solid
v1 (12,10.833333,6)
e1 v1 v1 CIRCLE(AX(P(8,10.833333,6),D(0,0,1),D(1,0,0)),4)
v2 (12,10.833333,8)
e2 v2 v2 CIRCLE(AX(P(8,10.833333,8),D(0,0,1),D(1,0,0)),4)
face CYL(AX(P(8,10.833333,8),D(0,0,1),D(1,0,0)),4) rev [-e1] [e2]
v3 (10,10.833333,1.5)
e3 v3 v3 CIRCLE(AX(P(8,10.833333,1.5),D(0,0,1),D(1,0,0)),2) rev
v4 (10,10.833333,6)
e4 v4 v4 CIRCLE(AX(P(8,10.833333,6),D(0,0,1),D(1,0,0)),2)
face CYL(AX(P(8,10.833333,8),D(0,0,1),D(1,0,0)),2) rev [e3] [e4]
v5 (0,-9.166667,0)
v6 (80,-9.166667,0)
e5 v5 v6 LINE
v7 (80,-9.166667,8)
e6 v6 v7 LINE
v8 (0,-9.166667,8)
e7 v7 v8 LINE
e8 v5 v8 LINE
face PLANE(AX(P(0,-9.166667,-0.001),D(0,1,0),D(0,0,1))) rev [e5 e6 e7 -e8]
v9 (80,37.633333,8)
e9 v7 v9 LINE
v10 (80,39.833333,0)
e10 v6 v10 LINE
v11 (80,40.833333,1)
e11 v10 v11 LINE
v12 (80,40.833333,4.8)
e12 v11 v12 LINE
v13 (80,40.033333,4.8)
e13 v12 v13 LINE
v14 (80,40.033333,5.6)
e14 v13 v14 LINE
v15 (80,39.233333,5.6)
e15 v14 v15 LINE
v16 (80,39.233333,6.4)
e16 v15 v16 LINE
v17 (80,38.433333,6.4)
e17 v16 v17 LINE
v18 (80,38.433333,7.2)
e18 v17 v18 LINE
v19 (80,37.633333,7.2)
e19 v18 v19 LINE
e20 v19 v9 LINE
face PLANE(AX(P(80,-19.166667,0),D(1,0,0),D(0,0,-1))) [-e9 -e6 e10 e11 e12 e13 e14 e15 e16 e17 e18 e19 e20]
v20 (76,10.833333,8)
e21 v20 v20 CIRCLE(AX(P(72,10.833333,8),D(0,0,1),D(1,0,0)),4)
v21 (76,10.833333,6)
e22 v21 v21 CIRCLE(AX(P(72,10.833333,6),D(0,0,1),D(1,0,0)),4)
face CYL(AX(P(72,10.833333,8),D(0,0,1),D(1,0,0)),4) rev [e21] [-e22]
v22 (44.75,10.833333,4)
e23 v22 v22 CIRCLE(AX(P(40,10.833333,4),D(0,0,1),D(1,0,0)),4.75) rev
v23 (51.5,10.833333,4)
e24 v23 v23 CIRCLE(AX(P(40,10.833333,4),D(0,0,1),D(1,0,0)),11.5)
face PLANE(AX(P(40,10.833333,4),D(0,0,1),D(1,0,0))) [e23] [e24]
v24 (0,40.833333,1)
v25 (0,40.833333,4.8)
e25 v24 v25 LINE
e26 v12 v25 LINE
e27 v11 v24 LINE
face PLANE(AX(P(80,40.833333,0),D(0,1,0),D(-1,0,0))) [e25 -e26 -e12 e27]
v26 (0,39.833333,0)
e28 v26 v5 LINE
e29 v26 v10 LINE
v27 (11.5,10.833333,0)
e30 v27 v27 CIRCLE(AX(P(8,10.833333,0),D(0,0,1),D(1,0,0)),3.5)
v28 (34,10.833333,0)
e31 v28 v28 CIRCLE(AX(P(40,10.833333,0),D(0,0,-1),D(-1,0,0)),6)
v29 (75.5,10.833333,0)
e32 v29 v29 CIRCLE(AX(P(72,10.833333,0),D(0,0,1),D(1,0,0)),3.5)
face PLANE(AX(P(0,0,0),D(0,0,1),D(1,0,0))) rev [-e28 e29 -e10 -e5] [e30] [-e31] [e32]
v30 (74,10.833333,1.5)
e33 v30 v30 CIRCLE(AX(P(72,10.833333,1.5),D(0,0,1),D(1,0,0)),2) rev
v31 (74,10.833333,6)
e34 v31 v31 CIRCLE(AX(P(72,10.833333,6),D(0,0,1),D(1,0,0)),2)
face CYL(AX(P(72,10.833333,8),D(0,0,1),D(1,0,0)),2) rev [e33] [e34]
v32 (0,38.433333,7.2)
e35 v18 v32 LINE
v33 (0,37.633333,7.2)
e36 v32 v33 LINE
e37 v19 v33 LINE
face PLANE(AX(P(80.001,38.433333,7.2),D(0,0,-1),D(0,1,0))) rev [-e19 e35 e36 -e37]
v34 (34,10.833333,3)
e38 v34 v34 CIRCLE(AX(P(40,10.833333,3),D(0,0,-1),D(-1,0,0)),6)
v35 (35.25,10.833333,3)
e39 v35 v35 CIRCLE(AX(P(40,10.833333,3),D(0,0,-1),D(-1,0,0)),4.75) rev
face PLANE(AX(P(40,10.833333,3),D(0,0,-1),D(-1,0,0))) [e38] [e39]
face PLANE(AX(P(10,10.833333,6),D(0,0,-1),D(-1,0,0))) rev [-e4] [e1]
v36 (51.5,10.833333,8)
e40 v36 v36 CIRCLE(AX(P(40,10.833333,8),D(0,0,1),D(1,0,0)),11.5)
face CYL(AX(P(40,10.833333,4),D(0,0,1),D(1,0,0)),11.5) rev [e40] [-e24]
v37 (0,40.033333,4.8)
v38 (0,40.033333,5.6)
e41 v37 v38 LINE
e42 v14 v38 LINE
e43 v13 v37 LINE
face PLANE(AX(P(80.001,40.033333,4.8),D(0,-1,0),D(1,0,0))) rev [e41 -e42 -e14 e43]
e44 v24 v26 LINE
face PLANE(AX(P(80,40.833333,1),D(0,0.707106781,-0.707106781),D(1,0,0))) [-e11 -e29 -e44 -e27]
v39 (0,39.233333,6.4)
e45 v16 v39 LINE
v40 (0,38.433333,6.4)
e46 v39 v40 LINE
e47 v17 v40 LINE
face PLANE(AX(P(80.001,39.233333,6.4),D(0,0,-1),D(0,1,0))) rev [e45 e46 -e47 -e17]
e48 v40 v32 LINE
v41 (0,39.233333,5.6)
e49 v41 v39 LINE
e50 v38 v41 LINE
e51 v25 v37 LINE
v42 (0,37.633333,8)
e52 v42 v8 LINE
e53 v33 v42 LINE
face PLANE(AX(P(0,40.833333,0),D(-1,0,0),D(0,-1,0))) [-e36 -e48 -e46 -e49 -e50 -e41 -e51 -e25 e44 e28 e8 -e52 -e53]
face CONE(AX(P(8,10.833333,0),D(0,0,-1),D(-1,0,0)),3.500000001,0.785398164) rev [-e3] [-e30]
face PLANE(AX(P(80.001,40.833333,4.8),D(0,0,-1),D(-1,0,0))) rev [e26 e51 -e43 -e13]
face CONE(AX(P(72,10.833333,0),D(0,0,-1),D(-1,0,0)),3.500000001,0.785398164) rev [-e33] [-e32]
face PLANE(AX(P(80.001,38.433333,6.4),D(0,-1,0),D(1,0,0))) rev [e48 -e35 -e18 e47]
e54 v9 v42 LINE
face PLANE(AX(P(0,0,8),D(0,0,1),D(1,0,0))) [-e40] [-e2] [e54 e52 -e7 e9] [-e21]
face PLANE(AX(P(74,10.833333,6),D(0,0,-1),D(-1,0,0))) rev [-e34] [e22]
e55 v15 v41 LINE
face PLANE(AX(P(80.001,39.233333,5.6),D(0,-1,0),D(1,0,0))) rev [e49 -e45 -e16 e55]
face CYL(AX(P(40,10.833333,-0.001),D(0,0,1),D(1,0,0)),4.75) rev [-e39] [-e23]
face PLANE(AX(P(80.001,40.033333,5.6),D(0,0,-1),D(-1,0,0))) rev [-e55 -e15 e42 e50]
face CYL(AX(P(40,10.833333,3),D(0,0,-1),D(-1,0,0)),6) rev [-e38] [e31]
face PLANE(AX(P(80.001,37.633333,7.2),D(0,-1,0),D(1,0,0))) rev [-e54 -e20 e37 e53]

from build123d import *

# Parameters (mm, degrees)
SKETCH_1_W                     = 80
SKETCH_1_H                     = 60
EXTRUDE_1_DEPTH                = 8
HOLE_WIZARD_M3_5_1_D           = 4
HOLE_WIZARD_M3_5_1_CBORE_D     = 8
HOLE_WIZARD_M3_5_1_CBORE_DEPTH = 2
SKETCH_14_W                    = 80
SKETCH_14_H                    = 2
SKETCH_14_W_2                  = 2
SKETCH_14_H_2                  = 16
CUT_EXTRUDE_1_DEPTH            = 1
CUT_EXTRUDE_2_REACH            = 92.174
SKETCH_15_R                    = 4.75
SKETCH_17_R                    = 11.5
CUT_EXTRUDE_4_DEPTH            = 4
SKETCH_18_R                    = 6
CUT_EXTRUDE_5_DEPTH            = 3
CHAMFER_1_SIZE                 = 1.499999999
CHAMFER_1_SIZE2                = 1.500000001
CHAMFER_2_SIZE                 = 1
SKETCH_20_W                    = 80
SKETCH_20_H                    = 6
CUT_EXTRUDE_6_DEPTH            = 1
SKETCH_21_W                    = 80
SKETCH_21_H                    = 4
CUT_EXTRUDE_7_DEPTH            = 1
SKETCH_22_W                    = 80
SKETCH_22_H                    = 2
CUT_EXTRUDE_8_DEPTH            = 1
SKETCH_23_R                    = 1
CUT_EXTRUDE_9_DEPTH            = 1
CUT_EXTRUDE_10_REACH           = 92.174
SKETCH_24_W                    = 80
SKETCH_24_H                    = 10
SKETCH_25_W                    = 80
SKETCH_25_H                    = 18
EXTRUDE_2_DEPTH                = 3
CUT_EXTRUDE_11_REACH           = 92.174


with BuildPart() as part:
    # 草图1 → 凸台-拉伸1 (new body)
    with BuildSketch(Plane.XY.offset(8)):
        with Locations((40, 10.833333333)):
            Rectangle(SKETCH_1_W, SKETCH_1_H)
    extrude(amount=-EXTRUDE_1_DEPTH)

    # M3.5 六角头机械螺钉的柱形沉头孔1 (through all)
    with Locations(Plane.XY.offset(8)):
        with Locations((8, 10.833333333), (72, 10.833333333)):
            CounterBoreHole(HOLE_WIZARD_M3_5_1_D / 2, HOLE_WIZARD_M3_5_1_CBORE_D / 2, HOLE_WIZARD_M3_5_1_CBORE_DEPTH)

    # 草图14 → 切除-拉伸1 (cut)
    with BuildSketch(Plane.XY.offset(8)):
        with Locations((40, 37.833333333)):
            Rectangle(SKETCH_14_W, SKETCH_14_H)
        Polygon((15, 40.833333333), (31, 24.833333333), (32.414213562, 26.247546896), (16.414213562, 42.247546896), align=None)
        with Locations((7, 32.833333333)):
            Rectangle(SKETCH_14_W_2, SKETCH_14_H_2)
        with Locations((40, 32.833333333)):
            Rectangle(SKETCH_14_W_2, SKETCH_14_H_2)
        with Locations((73, 32.833333333)):
            Rectangle(SKETCH_14_W_2, SKETCH_14_H_2)
        Polygon((47.585786438, 26.247546896), (63.585786438, 42.247546896), (65, 40.833333333), (49, 24.833333333), align=None)
    extrude(amount=-CUT_EXTRUDE_1_DEPTH, mode=Mode.SUBTRACT)

    # 草图15 → 切除-拉伸2 (cut, up to next)
    with BuildSketch(Plane.XY.offset(8), mode=Mode.PRIVATE) as cut_extrude_2_sk1:
        with Locations((40, 10.833333333)):
            Circle(SKETCH_15_R)
    cut_extrude_2_tool1 = extrude(cut_extrude_2_sk1.sketch, amount=-CUT_EXTRUDE_2_REACH, mode=Mode.PRIVATE) & part.part
    add(cut_extrude_2_tool1.solids().sort_by_distance((40, 10.833333, 8))[0], mode=Mode.SUBTRACT)

    # 草图17 → 切除-拉伸4 (cut)
    with BuildSketch(Plane.XY.offset(8)):
        with Locations((40, 10.833333333)):
            Circle(SKETCH_17_R)
    extrude(amount=-CUT_EXTRUDE_4_DEPTH, mode=Mode.SUBTRACT)

    # 草图18 → 切除-拉伸5 (cut)
    with BuildSketch(Plane(origin=(0, 0, 0), x_dir=(-1, 0, 0), z_dir=(0, 0, -1))):
        with Locations((-40, 10.833333333)):
            Circle(SKETCH_18_R)
    extrude(amount=-CUT_EXTRUDE_5_DEPTH, mode=Mode.SUBTRACT)

    # 倒角1
    chamfer_1_edges = [part.edges().sort_by_distance(p)[0] for p in [
        (74, 10.833333333, 0),
        (10, 10.833333333, 0),
    ]]
    chamfer_1_side = [part.faces().sort_by_distance(p)[0] for p in [
        (79, 10.833333333, 0),
    ]]
    chamfer(chamfer_1_edges, length=CHAMFER_1_SIZE, length2=CHAMFER_1_SIZE2, reference=chamfer_1_side[0])

    # 倒角2
    chamfer_2_edges = [part.edges().sort_by_distance(p)[0] for p in [
        (40, 40.833333333, 0),
    ]]
    chamfer(chamfer_2_edges, length=CHAMFER_2_SIZE)

    # 草图20 → 切除-拉伸6 (cut)
    with BuildSketch(Plane.XY.offset(8)):
        with Locations((40, -16.166666667)):
            Rectangle(SKETCH_20_W, SKETCH_20_H)
    extrude(amount=-CUT_EXTRUDE_6_DEPTH, mode=Mode.SUBTRACT)

    # 草图21 → 切除-拉伸7 (cut)
    with BuildSketch(Plane.XY.offset(7)):
        with Locations((40, -17.166666667)):
            Rectangle(SKETCH_21_W, SKETCH_21_H)
    extrude(amount=-CUT_EXTRUDE_7_DEPTH, mode=Mode.SUBTRACT)

    # 草图22 → 切除-拉伸8 (cut)
    with BuildSketch(Plane.XY.offset(6)):
        with Locations((40, -18.166666667)):
            Rectangle(SKETCH_22_W, SKETCH_22_H)
    extrude(amount=-CUT_EXTRUDE_8_DEPTH, mode=Mode.SUBTRACT)

    # 草图23 → 切除-拉伸9 (cut)
    with BuildSketch(Plane.XY.offset(8)):
        with Locations((7, 24.833333333)):
            Circle(SKETCH_23_R)
        with Locations((31.707106781, 25.540440115)):
            Circle(SKETCH_23_R)
        with Locations((40, 24.833333333)):
            Circle(SKETCH_23_R)
        with Locations((48.292893219, 25.540440115)):
            Circle(SKETCH_23_R)
        with Locations((73, 24.833333333)):
            Circle(SKETCH_23_R)
    extrude(amount=-CUT_EXTRUDE_9_DEPTH, mode=Mode.SUBTRACT)

    # 草图24 → 切除-拉伸10 (cut, up to next)
    with BuildSketch(Plane.XY.offset(8), mode=Mode.PRIVATE) as cut_extrude_10_sk1:
        with Locations((40, -14.166666667)):
            Rectangle(SKETCH_24_W, SKETCH_24_H)
    cut_extrude_10_tool1 = extrude(cut_extrude_10_sk1.sketch, amount=-CUT_EXTRUDE_10_REACH, mode=Mode.PRIVATE) & part.part
    add(cut_extrude_10_tool1.solids().sort_by_distance((40, -14.166667, 8))[0], mode=Mode.SUBTRACT)

    # 草图25 → 凸台-拉伸2 (add)
    with BuildSketch(Plane.XY.offset(8)):
        with Locations((40, 31.833333333)):
            Rectangle(SKETCH_25_W, SKETCH_25_H)
    extrude(amount=-EXTRUDE_2_DEPTH)

    # 草图26 → 切除-拉伸11 (cut, up to next)
    with BuildSketch(Plane.ZY, mode=Mode.PRIVATE) as cut_extrude_11_sk1:
        Polygon((4.8, 40.833333333), (4.8, 40.033333333), (5.6, 40.033333333), (5.6, 39.233333333), (6.4, 39.233333333), (6.4, 38.433333333), (7.2, 38.433333333), (7.2, 37.633333333), (8, 37.633333333), (8, 40.833333333), align=None)
    cut_extrude_11_tool1 = extrude(cut_extrude_11_sk1.sketch, amount=-CUT_EXTRUDE_11_REACH, mode=Mode.PRIVATE) & part.part
    add(cut_extrude_11_tool1.solids().sort_by_distance((0, 39.633333, 6.8))[0], mode=Mode.SUBTRACT)


solid = part.part
